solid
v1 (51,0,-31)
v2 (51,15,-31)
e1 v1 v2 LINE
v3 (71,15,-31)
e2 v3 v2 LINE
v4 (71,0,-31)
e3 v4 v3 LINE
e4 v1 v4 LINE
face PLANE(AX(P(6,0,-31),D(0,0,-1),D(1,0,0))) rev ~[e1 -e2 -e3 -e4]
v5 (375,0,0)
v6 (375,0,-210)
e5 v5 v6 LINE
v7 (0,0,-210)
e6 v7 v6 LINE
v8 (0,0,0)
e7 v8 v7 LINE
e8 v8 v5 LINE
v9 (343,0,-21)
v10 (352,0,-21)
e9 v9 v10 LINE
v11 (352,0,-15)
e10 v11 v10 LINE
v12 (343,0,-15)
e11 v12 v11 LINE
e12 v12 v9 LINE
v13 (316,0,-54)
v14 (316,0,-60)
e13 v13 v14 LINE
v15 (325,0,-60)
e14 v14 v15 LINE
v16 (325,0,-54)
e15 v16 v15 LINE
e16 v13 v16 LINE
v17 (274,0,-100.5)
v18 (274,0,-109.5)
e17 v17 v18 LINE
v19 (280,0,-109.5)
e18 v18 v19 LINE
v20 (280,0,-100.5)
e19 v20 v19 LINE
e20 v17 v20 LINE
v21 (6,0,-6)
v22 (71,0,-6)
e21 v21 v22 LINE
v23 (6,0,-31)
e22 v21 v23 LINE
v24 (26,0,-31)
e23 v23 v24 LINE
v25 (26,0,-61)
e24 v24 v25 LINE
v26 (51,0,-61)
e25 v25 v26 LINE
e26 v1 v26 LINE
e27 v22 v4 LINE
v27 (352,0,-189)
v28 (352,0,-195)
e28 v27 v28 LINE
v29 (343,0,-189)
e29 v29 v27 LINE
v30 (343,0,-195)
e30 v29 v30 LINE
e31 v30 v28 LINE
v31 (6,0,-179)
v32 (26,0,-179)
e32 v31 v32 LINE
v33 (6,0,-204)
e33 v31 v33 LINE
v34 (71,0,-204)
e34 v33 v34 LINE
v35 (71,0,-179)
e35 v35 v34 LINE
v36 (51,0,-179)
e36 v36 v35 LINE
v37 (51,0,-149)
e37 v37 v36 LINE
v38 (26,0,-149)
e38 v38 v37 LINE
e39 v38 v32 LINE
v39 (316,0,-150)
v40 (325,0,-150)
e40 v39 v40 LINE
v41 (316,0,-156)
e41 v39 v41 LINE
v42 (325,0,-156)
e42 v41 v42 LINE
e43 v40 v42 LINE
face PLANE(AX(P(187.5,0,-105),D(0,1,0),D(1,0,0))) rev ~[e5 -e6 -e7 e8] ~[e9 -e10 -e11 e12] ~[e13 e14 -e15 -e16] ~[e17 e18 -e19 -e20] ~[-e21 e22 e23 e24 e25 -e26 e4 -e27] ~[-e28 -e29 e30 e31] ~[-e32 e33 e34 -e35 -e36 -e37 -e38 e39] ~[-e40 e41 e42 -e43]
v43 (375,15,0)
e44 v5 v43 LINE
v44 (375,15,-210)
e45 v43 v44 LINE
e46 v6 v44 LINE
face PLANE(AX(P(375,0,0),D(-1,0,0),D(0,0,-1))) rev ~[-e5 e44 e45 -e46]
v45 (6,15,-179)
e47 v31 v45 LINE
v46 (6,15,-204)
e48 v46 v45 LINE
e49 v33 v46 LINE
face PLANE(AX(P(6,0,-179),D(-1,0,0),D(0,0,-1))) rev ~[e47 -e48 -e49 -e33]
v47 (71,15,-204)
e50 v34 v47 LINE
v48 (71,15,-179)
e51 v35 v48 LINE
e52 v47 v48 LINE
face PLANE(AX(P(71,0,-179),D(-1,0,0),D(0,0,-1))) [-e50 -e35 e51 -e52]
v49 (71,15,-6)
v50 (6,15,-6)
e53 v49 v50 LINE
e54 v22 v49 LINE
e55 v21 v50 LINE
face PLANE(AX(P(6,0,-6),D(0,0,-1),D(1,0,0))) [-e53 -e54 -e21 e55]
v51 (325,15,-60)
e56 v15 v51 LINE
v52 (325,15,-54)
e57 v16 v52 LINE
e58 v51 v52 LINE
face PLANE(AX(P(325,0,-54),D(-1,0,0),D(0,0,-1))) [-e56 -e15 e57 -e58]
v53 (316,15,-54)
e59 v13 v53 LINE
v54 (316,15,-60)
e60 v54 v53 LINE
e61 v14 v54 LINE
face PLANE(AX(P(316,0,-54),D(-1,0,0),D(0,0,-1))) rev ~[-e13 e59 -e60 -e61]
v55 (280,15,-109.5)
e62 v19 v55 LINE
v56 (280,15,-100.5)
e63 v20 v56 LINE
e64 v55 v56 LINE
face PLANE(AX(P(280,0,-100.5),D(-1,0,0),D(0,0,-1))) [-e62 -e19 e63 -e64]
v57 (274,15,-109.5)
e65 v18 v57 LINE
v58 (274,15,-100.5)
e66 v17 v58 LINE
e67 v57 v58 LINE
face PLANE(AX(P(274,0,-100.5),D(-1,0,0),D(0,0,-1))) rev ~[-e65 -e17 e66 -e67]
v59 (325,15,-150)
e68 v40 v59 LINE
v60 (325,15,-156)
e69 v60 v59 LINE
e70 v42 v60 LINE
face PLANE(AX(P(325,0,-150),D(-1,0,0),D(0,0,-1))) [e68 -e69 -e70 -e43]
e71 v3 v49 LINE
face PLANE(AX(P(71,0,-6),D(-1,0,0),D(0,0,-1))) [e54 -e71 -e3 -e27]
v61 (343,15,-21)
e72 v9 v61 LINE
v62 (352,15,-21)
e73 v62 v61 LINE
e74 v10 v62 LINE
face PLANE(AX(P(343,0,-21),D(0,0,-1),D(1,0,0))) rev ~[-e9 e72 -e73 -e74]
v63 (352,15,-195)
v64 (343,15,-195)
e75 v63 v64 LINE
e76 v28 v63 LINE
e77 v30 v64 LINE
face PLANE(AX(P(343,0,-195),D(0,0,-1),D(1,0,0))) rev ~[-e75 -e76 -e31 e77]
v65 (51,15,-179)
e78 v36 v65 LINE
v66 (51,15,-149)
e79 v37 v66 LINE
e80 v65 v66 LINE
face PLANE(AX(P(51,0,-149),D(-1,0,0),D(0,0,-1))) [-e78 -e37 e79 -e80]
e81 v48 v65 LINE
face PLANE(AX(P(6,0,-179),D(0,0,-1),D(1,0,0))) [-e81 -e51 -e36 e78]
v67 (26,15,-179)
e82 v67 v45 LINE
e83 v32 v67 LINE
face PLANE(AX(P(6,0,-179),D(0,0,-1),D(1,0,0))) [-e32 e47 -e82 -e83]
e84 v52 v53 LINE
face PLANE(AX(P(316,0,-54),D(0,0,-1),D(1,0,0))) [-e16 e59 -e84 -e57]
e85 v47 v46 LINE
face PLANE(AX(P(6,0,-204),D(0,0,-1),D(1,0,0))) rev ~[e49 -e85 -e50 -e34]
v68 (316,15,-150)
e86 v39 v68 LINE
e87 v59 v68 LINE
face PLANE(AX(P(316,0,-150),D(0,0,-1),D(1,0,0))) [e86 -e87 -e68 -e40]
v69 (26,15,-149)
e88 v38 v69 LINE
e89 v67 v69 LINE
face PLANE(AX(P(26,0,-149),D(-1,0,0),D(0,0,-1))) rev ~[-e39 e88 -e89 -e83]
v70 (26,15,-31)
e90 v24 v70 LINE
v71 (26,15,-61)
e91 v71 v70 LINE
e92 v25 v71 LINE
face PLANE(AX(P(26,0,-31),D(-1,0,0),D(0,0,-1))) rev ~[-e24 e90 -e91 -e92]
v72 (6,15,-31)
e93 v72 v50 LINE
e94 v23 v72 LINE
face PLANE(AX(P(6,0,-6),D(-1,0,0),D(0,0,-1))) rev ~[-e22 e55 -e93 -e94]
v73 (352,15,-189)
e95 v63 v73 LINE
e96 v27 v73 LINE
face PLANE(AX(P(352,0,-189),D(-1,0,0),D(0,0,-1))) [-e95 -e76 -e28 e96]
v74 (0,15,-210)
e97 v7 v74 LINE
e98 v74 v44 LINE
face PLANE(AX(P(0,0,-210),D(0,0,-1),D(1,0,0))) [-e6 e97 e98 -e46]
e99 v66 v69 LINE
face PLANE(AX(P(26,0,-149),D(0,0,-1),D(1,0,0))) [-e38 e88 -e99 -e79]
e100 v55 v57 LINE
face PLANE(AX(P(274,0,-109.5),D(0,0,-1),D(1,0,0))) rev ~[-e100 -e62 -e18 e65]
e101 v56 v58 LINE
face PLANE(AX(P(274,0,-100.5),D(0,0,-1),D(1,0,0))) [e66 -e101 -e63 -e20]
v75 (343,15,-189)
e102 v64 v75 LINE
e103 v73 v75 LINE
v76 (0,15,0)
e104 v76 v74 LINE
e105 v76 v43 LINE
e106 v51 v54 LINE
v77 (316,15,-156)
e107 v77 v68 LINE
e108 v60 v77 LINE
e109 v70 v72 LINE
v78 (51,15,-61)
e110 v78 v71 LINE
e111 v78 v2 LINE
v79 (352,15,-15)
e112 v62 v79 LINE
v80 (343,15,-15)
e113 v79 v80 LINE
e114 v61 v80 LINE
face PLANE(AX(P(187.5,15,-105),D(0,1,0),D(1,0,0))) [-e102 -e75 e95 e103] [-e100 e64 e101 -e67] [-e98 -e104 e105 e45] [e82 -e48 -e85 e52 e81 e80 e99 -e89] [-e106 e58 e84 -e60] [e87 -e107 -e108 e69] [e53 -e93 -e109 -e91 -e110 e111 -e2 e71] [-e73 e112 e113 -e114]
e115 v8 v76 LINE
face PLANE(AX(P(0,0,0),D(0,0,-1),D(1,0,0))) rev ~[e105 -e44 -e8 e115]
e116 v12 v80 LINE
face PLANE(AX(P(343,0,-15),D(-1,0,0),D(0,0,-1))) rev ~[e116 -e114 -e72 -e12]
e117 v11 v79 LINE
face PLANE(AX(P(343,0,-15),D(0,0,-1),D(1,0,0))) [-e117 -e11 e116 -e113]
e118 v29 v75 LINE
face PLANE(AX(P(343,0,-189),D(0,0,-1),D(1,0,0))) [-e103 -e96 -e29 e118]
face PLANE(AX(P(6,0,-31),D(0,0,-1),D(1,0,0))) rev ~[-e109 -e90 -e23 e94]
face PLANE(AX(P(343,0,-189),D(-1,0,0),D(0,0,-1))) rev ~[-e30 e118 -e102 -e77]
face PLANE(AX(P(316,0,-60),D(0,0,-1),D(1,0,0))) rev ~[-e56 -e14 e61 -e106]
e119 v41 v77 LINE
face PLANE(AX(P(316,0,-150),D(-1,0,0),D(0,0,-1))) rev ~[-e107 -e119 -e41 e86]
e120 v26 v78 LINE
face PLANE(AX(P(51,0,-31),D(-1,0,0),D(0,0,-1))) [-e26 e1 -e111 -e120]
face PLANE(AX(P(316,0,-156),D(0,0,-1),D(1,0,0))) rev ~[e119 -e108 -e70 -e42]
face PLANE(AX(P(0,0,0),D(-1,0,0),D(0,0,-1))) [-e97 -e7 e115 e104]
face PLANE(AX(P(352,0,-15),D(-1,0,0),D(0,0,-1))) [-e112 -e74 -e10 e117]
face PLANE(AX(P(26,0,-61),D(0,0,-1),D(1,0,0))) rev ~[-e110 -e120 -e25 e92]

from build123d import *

# Parameters (mm, degrees)
SKETCH1_W           = 375
SKETCH1_H           = 210
BOSS_EXTRUDE1_DEPTH = 15
SKETCH1_5_W         = 25
SKETCH1_5_H         = 30
CUT_EXTRUDE2_DEPTH  = 34
SKETCH1_6_W         = 65
SKETCH1_6_H         = 25
CUT_EXTRUDE3_DEPTH  = 46
SKETCH1_7_W         = 65
SKETCH1_7_H         = 25
CUT_EXTRUDE4_DEPTH  = 48
SKETCH1_8_W         = 25
SKETCH1_8_H         = 30
CUT_EXTRUDE5_DEPTH  = 45
SKETCH1_9_W         = 9
SKETCH1_9_H         = 6
CUT_EXTRUDE6_DEPTH  = 34
SKETCH1_10_W        = 9
SKETCH1_10_H        = 6
CUT_EXTRUDE7_DEPTH  = 31
SKETCH1_11_W        = 6
SKETCH1_11_H        = 9
CUT_EXTRUDE8_DEPTH  = 34
SKETCH1_12_W        = 9
SKETCH1_12_H        = 6
CUT_EXTRUDE9_DEPTH  = 27
SKETCH1_13_W        = 9
SKETCH1_13_H        = 6
CUT_EXTRUDE10_DEPTH = 31


with BuildPart() as part:
    # Sketch1 → Boss-Extrude1 (new body)
    with BuildSketch(Plane(origin=(0, 0, 0), x_dir=(1, 0, 0), z_dir=(0, 1, 0))):
        with Locations((187.5, 105)):
            Rectangle(SKETCH1_W, SKETCH1_H)
    extrude(amount=BOSS_EXTRUDE1_DEPTH)

    # Sketch1<5> → Cut-Extrude2 (cut)
    with BuildSketch(Plane(origin=(0, 0, 0), x_dir=(1, 0, 0), z_dir=(0, 1, 0))):
        with Locations((38.5, 164)):
            Rectangle(SKETCH1_5_W, SKETCH1_5_H)
    extrude(amount=CUT_EXTRUDE2_DEPTH, mode=Mode.SUBTRACT)

    # Sketch1<6> → Cut-Extrude3 (cut)
    with BuildSketch(Plane(origin=(0, 0, 0), x_dir=(1, 0, 0), z_dir=(0, 1, 0))):
        with Locations((38.5, 191.5)):
            Rectangle(SKETCH1_6_W, SKETCH1_6_H)
    extrude(amount=CUT_EXTRUDE3_DEPTH, mode=Mode.SUBTRACT)

    # Sketch1<7> → Cut-Extrude4 (cut)
    with BuildSketch(Plane(origin=(0, 0, 0), x_dir=(1, 0, 0), z_dir=(0, 1, 0))):
        with Locations((38.5, 18.5)):
            Rectangle(SKETCH1_7_W, SKETCH1_7_H)
    extrude(amount=CUT_EXTRUDE4_DEPTH, mode=Mode.SUBTRACT)

    # Sketch1<8> → Cut-Extrude5 (cut)
    with BuildSketch(Plane(origin=(0, 0, 0), x_dir=(1, 0, 0), z_dir=(0, 1, 0))):
        with Locations((38.5, 46)):
            Rectangle(SKETCH1_8_W, SKETCH1_8_H)
    extrude(amount=CUT_EXTRUDE5_DEPTH, mode=Mode.SUBTRACT)

    # Sketch1<9> → Cut-Extrude6 (cut)
    with BuildSketch(Plane(origin=(0, 0, 0), x_dir=(1, 0, 0), z_dir=(0, 1, 0))):
        with Locations((347.5, 18)):
            Rectangle(SKETCH1_9_W, SKETCH1_9_H)
    extrude(amount=CUT_EXTRUDE6_DEPTH, mode=Mode.SUBTRACT)

    # Sketch1<10> → Cut-Extrude7 (cut)
    with BuildSketch(Plane(origin=(0, 0, 0), x_dir=(1, 0, 0), z_dir=(0, 1, 0))):
        with Locations((320.5, 57)):
            Rectangle(SKETCH1_10_W, SKETCH1_10_H)
    extrude(amount=CUT_EXTRUDE7_DEPTH, mode=Mode.SUBTRACT)

    # Sketch1<11> → Cut-Extrude8 (cut)
    with BuildSketch(Plane(origin=(0, 0, 0), x_dir=(1, 0, 0), z_dir=(0, 1, 0))):
        with Locations((277, 105)):
            Rectangle(SKETCH1_11_W, SKETCH1_11_H)
    extrude(amount=CUT_EXTRUDE8_DEPTH, mode=Mode.SUBTRACT)

    # Sketch1<12> → Cut-Extrude9 (cut)
    with BuildSketch(Plane(origin=(0, 0, 0), x_dir=(1, 0, 0), z_dir=(0, 1, 0))):
        with Locations((320.5, 153)):
            Rectangle(SKETCH1_12_W, SKETCH1_12_H)
    extrude(amount=CUT_EXTRUDE9_DEPTH, mode=Mode.SUBTRACT)

    # Sketch1<13> → Cut-Extrude10 (cut)
    with BuildSketch(Plane(origin=(0, 0, 0), x_dir=(1, 0, 0), z_dir=(0, 1, 0))):
        with Locations((347.5, 192)):
            Rectangle(SKETCH1_13_W, SKETCH1_13_H)
    extrude(amount=CUT_EXTRUDE10_DEPTH, mode=Mode.SUBTRACT)


solid = part.part
